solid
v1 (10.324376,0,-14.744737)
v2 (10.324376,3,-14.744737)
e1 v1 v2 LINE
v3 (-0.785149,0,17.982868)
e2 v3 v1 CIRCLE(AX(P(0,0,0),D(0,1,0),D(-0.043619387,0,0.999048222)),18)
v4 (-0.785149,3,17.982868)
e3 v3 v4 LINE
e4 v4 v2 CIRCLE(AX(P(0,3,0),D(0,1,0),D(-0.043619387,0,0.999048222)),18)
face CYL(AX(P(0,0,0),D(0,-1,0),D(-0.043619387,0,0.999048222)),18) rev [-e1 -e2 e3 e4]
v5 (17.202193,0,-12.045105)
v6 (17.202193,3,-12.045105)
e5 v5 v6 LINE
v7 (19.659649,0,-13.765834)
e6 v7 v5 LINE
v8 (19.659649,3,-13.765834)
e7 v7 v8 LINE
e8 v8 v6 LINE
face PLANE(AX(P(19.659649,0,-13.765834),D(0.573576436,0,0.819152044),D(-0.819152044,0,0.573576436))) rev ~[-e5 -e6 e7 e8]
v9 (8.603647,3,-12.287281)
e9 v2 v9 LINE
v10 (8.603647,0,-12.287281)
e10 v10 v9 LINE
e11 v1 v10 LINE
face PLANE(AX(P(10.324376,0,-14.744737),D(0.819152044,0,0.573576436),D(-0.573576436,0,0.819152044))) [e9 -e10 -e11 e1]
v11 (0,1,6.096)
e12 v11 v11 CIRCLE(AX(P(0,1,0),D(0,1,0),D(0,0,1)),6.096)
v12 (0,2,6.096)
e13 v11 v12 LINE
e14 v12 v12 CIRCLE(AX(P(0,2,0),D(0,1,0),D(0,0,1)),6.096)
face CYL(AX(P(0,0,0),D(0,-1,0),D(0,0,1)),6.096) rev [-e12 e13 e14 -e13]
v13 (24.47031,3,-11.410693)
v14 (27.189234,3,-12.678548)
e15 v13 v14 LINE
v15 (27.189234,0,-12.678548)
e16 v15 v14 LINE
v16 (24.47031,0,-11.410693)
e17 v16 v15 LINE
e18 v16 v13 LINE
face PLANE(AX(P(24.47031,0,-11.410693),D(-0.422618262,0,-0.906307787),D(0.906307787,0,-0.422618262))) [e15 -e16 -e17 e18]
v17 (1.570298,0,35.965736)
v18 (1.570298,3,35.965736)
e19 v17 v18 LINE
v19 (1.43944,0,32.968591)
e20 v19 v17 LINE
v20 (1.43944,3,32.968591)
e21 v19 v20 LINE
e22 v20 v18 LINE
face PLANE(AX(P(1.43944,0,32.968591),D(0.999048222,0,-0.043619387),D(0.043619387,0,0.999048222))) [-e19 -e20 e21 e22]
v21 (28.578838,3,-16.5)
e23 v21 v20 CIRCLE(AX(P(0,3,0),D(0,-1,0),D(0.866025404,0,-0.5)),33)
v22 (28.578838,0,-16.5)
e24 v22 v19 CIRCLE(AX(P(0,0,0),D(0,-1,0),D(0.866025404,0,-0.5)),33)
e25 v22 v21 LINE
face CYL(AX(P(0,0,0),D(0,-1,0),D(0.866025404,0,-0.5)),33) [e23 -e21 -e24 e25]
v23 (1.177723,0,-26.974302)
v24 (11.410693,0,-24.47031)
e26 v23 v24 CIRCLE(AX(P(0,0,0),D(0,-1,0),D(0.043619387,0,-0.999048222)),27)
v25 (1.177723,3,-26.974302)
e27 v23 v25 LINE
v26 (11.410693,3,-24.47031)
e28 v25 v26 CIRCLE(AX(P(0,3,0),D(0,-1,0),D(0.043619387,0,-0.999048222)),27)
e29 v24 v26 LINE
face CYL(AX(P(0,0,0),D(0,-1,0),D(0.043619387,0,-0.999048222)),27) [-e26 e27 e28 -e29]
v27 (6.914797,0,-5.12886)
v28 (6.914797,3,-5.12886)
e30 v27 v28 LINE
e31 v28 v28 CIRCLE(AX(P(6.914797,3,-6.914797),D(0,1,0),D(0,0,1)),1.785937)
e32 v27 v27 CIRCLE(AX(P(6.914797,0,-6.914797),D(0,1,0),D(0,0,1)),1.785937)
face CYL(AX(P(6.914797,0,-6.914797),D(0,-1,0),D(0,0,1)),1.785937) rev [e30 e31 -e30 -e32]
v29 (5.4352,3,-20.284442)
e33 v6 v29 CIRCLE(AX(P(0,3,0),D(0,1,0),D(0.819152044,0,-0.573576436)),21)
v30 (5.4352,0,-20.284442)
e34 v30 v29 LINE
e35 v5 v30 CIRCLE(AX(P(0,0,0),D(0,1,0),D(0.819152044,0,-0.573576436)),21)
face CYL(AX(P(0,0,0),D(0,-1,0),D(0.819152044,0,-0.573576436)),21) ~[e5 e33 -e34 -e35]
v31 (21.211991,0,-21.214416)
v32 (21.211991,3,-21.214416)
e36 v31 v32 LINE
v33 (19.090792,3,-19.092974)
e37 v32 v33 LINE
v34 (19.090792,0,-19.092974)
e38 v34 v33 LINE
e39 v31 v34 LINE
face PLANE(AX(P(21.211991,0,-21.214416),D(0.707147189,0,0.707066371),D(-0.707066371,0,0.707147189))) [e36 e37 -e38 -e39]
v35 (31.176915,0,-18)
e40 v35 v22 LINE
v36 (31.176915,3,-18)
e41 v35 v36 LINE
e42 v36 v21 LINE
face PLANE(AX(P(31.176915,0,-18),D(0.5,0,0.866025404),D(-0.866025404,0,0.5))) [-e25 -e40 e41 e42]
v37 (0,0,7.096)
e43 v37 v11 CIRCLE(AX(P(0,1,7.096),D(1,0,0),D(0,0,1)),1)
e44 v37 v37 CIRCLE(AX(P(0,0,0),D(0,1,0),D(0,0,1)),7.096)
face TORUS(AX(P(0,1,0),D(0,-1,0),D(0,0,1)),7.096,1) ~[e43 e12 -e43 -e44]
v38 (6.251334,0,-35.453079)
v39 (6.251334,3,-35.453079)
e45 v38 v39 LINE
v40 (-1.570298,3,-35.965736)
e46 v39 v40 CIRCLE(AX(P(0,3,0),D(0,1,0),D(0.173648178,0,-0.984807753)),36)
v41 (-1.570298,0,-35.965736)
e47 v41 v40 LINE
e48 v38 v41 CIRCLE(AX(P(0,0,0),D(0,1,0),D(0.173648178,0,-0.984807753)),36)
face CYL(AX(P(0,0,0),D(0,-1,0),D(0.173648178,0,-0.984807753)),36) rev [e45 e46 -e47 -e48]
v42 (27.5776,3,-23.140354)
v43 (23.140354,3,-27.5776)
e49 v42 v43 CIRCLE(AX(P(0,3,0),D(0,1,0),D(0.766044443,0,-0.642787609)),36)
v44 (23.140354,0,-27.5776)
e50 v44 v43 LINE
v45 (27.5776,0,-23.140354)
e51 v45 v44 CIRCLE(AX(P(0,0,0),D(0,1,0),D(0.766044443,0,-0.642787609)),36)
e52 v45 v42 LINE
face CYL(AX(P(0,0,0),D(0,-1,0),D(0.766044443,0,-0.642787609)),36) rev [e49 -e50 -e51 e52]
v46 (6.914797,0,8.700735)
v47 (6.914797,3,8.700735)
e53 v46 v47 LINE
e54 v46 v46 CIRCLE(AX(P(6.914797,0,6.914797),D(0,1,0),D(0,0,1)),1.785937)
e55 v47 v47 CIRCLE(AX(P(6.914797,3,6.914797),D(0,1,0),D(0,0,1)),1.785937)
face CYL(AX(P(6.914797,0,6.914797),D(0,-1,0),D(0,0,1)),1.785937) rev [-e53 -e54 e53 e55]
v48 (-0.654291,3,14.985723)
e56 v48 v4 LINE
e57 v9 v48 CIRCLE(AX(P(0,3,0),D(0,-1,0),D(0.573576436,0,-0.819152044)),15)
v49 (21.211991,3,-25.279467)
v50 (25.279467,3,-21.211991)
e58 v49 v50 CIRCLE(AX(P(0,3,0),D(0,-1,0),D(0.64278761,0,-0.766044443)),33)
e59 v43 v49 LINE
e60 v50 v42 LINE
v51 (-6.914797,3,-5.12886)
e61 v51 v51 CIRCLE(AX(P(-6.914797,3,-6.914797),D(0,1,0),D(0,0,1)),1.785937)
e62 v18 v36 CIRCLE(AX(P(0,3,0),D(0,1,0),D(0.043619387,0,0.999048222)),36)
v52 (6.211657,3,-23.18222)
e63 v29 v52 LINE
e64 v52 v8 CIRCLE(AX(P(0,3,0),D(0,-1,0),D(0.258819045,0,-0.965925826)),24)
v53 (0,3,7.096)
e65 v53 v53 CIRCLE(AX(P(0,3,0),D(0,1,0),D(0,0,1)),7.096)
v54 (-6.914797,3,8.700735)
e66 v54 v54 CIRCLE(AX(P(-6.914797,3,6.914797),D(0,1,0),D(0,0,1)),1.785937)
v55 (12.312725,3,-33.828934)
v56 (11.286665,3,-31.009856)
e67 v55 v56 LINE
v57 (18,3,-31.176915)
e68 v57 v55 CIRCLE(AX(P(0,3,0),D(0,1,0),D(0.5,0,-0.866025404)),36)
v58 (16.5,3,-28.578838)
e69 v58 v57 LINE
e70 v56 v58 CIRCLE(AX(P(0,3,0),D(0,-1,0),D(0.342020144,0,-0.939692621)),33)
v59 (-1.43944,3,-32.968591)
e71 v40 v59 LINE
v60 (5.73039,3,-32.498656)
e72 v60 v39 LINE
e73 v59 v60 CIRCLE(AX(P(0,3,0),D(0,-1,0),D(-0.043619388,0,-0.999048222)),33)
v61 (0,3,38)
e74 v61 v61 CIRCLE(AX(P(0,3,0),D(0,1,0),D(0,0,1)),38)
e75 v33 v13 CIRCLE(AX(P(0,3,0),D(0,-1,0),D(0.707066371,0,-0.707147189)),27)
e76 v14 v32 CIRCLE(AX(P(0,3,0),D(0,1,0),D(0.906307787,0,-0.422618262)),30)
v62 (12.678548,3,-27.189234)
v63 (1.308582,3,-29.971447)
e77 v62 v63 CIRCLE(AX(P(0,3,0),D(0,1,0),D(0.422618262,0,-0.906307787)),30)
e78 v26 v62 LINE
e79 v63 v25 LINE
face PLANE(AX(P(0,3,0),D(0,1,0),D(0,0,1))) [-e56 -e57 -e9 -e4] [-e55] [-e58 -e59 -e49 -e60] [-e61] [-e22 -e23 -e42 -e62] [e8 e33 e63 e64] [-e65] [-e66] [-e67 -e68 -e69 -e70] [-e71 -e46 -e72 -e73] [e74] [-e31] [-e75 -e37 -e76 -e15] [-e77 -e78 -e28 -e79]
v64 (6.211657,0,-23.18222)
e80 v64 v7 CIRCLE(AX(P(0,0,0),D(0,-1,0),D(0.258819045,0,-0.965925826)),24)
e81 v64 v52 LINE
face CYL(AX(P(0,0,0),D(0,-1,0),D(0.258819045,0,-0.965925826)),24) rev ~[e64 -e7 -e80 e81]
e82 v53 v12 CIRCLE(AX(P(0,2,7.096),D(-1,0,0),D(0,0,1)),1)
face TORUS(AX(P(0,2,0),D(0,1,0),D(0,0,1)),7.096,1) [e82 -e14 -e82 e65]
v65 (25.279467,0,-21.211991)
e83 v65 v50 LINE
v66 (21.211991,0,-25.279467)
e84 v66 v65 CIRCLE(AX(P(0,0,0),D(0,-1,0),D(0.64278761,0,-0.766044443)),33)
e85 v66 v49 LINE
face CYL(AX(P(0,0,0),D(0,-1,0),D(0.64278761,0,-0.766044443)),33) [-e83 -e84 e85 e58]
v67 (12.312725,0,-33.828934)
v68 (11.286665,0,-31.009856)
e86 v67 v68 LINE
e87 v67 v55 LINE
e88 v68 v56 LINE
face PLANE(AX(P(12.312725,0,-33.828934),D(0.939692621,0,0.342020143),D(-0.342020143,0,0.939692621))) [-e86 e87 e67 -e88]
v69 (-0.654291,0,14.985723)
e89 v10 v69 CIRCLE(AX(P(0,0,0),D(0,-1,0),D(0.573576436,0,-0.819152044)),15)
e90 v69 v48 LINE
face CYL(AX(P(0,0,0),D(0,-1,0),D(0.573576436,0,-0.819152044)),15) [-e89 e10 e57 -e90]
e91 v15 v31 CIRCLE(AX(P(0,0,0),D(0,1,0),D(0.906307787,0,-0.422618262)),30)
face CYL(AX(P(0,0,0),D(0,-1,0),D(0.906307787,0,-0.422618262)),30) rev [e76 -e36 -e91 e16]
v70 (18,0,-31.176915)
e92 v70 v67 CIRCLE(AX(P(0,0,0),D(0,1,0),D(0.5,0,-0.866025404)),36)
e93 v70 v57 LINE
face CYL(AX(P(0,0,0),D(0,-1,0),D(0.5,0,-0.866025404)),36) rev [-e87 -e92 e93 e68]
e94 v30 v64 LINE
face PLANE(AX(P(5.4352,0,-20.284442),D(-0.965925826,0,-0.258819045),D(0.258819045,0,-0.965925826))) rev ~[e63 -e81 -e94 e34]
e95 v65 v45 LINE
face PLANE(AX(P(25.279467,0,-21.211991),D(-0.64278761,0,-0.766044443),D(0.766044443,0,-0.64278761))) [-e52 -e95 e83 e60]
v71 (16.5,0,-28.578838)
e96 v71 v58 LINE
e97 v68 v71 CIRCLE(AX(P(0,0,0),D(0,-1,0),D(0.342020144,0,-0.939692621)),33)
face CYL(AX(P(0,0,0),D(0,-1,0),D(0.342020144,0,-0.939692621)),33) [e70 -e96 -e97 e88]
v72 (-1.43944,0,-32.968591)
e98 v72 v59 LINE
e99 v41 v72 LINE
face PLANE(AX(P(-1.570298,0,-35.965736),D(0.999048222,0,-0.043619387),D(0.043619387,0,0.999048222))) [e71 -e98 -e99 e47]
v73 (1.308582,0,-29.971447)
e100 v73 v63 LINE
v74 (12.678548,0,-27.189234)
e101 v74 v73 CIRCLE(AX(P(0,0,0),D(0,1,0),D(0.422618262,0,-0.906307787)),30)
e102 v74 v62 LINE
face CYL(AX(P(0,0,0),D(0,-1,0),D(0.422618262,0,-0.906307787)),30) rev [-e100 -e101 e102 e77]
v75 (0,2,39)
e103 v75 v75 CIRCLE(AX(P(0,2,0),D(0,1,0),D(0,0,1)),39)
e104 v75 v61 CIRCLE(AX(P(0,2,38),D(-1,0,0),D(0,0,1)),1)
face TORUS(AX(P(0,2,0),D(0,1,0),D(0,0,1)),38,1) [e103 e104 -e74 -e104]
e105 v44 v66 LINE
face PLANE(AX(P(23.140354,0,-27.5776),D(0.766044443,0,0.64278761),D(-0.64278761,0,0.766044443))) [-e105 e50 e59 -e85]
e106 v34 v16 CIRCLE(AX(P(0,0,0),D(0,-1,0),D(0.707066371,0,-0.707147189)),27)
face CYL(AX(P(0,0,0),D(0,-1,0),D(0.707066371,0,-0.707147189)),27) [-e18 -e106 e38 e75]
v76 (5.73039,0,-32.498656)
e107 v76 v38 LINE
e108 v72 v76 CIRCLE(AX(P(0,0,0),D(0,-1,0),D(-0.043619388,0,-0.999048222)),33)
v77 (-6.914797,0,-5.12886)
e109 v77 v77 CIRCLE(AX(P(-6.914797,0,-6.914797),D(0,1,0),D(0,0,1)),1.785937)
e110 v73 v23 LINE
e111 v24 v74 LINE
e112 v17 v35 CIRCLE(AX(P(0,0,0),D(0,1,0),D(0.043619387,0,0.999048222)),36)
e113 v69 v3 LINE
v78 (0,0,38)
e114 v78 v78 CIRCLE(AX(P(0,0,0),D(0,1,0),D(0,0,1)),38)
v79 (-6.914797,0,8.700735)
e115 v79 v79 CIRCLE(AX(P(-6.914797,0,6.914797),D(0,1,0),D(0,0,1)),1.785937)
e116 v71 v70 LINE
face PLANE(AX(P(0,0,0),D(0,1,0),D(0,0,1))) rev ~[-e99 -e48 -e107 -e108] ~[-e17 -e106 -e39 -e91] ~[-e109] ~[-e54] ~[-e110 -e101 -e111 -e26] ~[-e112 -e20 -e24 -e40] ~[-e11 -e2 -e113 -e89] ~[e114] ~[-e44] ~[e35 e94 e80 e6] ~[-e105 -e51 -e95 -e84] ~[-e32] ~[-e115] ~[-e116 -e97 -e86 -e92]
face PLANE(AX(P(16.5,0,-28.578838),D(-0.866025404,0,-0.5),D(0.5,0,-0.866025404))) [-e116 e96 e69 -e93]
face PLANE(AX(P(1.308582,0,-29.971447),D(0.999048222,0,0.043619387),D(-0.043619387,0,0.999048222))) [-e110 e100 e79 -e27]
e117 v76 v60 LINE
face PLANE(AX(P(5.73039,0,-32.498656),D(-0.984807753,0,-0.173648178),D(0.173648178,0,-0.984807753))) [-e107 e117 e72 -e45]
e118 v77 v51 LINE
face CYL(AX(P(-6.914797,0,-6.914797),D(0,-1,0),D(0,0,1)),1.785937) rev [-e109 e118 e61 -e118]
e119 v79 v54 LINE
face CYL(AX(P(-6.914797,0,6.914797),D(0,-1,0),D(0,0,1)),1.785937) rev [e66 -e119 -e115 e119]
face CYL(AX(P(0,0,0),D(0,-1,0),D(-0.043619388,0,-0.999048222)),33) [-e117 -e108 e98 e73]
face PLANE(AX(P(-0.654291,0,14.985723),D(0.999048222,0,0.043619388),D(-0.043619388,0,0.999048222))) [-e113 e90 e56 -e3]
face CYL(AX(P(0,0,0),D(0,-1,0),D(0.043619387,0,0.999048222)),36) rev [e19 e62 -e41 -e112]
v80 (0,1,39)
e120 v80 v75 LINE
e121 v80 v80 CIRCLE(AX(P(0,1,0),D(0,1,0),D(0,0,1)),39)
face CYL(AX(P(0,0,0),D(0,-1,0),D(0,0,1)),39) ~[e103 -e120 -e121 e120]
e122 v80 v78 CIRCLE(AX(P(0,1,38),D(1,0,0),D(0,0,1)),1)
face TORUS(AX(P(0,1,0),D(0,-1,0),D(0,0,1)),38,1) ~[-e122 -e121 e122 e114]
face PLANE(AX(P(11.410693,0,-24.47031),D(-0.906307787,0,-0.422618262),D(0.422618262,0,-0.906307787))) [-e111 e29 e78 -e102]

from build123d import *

# Parameters (mm, degrees)
SKETCH4_R           = 39
BOSS_EXTRUDE1_DEPTH = 3
CUT_EXTRUDE1_DEPTH  = 3
SKETCH1_R           = 6.096
SKETCH1_R_2         = 1.7859375
CUT_EXTRUDE3_DEPTH  = 3
FILLET1_R           = 1


with BuildPart() as part:
    # Sketch4 → Boss-Extrude1 (new body)
    with BuildSketch(Plane(origin=(0, 0, 0), x_dir=(1, 0, 0), z_dir=(0, 1, 0))):
        with Locations(Location((0, 0, 0), (0, 0, 270))):
            Circle(SKETCH4_R)
    extrude(amount=BOSS_EXTRUDE1_DEPTH)

    # Sketch3 → Cut-Extrude1 (cut)
    with BuildSketch(Plane(origin=(0, 0, 0), x_dir=(1, 0, 0), z_dir=(0, 1, 0))):
        with BuildLine():
            Line((-0.65429081, -14.985723324), (-0.785148973, -17.982867988))
            ThreePointArc((-0.785148973, -17.982867988), (17.044742331, -5.785910375), (10.324375854, 14.744736797))
            Line((10.324375854, 14.744736797), (8.603646545, 12.287280664))
            ThreePointArc((8.603646545, 12.287280664), (14.203951942, -4.82159198), (-0.65429081, -14.985723324))
        make_face()
        with BuildLine():
            Line((1.439439783, -32.968591312), (1.570297945, -35.965735977))
            ThreePointArc((1.570297945, -35.965735977), (31.562163205, -17.315595681), (31.176914536, 18))
            Line((31.176914536, 18), (28.578838325, 16.5))
            ThreePointArc((28.578838325, 16.5), (28.931982938, -15.872629374), (1.439439783, -32.968591312))
        make_face()
        with BuildLine():
            Line((-1.570297945, 35.965735977), (-1.439439783, 32.968591312))
            ThreePointArc((-1.439439783, 32.968591312), (2.158303265, 32.929344467), (5.730389863, 32.498655849))
            Line((5.730389863, 32.498655849), (6.251334396, 35.453079108))
            ThreePointArc((6.251334396, 35.453079108), (2.354512652, 35.922921237), (-1.570297945, 35.965735977))
        make_face()
        with BuildLine():
            Line((12.31272516, 33.828934348), (11.28666473, 31.009856486))
            ThreePointArc((11.28666473, 31.009856486), (13.946402637, 29.908156972), (16.5, 28.578838325))
            Line((16.5, 28.578838325), (18, 31.176914536))
            ThreePointArc((18, 31.176914536), (15.214257423, 32.627080333), (12.31272516, 33.828934348))
        make_face()
        with BuildLine():
            Line((23.140353949, 27.577599952), (21.21199112, 25.279466623))
            ThreePointArc((21.21199112, 25.279466623), (23.334523779, 23.334523779), (25.279466623, 21.21199112))
            Line((25.279466623, 21.21199112), (27.577599952, 23.140353949))
            ThreePointArc((27.577599952, 23.140353949), (25.455844123, 25.455844123), (23.140353949, 27.577599952))
        make_face()
        with BuildLine():
            Line((1.308581621, 29.971446647), (1.177723459, 26.974301983))
            ThreePointArc((1.177723459, 26.974301983), (6.417519093, 26.226235885), (11.410693067, 24.47031025))
            Line((11.410693067, 24.47031025), (12.678547852, 27.189233611))
            ThreePointArc((12.678547852, 27.189233611), (7.13057677, 29.140262094), (1.308581621, 29.971446647))
        make_face()
        with BuildLine():
            Line((21.21199112, 21.214415682), (19.090792008, 19.092974114))
            ThreePointArc((19.090792008, 19.092974114), (22.116662678, 15.487195744), (24.47031025, 11.410693067))
            Line((24.47031025, 11.410693067), (27.189233611, 12.678547852))
            ThreePointArc((27.189233611, 12.678547852), (24.574069642, 17.207995271), (21.21199112, 21.214415682))
        make_face()
        with BuildLine():
            Line((19.659649063, 13.765834472), (17.20219293, 12.045105163))
            ThreePointArc((17.20219293, 12.045105163), (12.045105163, 17.20219293), (5.435199947, 20.284442352))
            Line((5.435199947, 20.284442352), (6.211657082, 23.182219831))
            ThreePointArc((6.211657082, 23.182219831), (13.765834472, 19.659649063), (19.659649063, 13.765834472))
        make_face()
    extrude(amount=CUT_EXTRUDE1_DEPTH, mode=Mode.SUBTRACT)

    # Sketch1 → Cut-Extrude3 (cut)
    with BuildSketch(Plane(origin=(0, 0, 0), x_dir=(1, 0, 0), z_dir=(0, 1, 0))):
        with Locations(Location((0, 0, 0), (0, 0, 270))):
            Circle(SKETCH1_R)
        with Locations(Location((6.914797213, 6.914797213, 0), (0, 0, 270))):
            Circle(SKETCH1_R_2)
        with Locations(Location((6.914797213, -6.914797213, 0), (0, 0, 270))):
            Circle(SKETCH1_R_2)
        with Locations(Location((-6.914797213, -6.914797213, 0), (0, 0, 270))):
            Circle(SKETCH1_R_2)
        with Locations(Location((-6.914797213, 6.914797213, 0), (0, 0, 270))):
            Circle(SKETCH1_R_2)
    extrude(amount=CUT_EXTRUDE3_DEPTH, mode=Mode.SUBTRACT)

    # Fillet1
    fillet1_edges = [part.edges().sort_by_distance(p)[0] for p in [
        (0, 0, -6.096),
        (0, 3, -6.096),
        (0, 0, -39),
        (0, 3, -39),
    ]]
    fillet(fillet1_edges, radius=FILLET1_R)


solid = part.part
